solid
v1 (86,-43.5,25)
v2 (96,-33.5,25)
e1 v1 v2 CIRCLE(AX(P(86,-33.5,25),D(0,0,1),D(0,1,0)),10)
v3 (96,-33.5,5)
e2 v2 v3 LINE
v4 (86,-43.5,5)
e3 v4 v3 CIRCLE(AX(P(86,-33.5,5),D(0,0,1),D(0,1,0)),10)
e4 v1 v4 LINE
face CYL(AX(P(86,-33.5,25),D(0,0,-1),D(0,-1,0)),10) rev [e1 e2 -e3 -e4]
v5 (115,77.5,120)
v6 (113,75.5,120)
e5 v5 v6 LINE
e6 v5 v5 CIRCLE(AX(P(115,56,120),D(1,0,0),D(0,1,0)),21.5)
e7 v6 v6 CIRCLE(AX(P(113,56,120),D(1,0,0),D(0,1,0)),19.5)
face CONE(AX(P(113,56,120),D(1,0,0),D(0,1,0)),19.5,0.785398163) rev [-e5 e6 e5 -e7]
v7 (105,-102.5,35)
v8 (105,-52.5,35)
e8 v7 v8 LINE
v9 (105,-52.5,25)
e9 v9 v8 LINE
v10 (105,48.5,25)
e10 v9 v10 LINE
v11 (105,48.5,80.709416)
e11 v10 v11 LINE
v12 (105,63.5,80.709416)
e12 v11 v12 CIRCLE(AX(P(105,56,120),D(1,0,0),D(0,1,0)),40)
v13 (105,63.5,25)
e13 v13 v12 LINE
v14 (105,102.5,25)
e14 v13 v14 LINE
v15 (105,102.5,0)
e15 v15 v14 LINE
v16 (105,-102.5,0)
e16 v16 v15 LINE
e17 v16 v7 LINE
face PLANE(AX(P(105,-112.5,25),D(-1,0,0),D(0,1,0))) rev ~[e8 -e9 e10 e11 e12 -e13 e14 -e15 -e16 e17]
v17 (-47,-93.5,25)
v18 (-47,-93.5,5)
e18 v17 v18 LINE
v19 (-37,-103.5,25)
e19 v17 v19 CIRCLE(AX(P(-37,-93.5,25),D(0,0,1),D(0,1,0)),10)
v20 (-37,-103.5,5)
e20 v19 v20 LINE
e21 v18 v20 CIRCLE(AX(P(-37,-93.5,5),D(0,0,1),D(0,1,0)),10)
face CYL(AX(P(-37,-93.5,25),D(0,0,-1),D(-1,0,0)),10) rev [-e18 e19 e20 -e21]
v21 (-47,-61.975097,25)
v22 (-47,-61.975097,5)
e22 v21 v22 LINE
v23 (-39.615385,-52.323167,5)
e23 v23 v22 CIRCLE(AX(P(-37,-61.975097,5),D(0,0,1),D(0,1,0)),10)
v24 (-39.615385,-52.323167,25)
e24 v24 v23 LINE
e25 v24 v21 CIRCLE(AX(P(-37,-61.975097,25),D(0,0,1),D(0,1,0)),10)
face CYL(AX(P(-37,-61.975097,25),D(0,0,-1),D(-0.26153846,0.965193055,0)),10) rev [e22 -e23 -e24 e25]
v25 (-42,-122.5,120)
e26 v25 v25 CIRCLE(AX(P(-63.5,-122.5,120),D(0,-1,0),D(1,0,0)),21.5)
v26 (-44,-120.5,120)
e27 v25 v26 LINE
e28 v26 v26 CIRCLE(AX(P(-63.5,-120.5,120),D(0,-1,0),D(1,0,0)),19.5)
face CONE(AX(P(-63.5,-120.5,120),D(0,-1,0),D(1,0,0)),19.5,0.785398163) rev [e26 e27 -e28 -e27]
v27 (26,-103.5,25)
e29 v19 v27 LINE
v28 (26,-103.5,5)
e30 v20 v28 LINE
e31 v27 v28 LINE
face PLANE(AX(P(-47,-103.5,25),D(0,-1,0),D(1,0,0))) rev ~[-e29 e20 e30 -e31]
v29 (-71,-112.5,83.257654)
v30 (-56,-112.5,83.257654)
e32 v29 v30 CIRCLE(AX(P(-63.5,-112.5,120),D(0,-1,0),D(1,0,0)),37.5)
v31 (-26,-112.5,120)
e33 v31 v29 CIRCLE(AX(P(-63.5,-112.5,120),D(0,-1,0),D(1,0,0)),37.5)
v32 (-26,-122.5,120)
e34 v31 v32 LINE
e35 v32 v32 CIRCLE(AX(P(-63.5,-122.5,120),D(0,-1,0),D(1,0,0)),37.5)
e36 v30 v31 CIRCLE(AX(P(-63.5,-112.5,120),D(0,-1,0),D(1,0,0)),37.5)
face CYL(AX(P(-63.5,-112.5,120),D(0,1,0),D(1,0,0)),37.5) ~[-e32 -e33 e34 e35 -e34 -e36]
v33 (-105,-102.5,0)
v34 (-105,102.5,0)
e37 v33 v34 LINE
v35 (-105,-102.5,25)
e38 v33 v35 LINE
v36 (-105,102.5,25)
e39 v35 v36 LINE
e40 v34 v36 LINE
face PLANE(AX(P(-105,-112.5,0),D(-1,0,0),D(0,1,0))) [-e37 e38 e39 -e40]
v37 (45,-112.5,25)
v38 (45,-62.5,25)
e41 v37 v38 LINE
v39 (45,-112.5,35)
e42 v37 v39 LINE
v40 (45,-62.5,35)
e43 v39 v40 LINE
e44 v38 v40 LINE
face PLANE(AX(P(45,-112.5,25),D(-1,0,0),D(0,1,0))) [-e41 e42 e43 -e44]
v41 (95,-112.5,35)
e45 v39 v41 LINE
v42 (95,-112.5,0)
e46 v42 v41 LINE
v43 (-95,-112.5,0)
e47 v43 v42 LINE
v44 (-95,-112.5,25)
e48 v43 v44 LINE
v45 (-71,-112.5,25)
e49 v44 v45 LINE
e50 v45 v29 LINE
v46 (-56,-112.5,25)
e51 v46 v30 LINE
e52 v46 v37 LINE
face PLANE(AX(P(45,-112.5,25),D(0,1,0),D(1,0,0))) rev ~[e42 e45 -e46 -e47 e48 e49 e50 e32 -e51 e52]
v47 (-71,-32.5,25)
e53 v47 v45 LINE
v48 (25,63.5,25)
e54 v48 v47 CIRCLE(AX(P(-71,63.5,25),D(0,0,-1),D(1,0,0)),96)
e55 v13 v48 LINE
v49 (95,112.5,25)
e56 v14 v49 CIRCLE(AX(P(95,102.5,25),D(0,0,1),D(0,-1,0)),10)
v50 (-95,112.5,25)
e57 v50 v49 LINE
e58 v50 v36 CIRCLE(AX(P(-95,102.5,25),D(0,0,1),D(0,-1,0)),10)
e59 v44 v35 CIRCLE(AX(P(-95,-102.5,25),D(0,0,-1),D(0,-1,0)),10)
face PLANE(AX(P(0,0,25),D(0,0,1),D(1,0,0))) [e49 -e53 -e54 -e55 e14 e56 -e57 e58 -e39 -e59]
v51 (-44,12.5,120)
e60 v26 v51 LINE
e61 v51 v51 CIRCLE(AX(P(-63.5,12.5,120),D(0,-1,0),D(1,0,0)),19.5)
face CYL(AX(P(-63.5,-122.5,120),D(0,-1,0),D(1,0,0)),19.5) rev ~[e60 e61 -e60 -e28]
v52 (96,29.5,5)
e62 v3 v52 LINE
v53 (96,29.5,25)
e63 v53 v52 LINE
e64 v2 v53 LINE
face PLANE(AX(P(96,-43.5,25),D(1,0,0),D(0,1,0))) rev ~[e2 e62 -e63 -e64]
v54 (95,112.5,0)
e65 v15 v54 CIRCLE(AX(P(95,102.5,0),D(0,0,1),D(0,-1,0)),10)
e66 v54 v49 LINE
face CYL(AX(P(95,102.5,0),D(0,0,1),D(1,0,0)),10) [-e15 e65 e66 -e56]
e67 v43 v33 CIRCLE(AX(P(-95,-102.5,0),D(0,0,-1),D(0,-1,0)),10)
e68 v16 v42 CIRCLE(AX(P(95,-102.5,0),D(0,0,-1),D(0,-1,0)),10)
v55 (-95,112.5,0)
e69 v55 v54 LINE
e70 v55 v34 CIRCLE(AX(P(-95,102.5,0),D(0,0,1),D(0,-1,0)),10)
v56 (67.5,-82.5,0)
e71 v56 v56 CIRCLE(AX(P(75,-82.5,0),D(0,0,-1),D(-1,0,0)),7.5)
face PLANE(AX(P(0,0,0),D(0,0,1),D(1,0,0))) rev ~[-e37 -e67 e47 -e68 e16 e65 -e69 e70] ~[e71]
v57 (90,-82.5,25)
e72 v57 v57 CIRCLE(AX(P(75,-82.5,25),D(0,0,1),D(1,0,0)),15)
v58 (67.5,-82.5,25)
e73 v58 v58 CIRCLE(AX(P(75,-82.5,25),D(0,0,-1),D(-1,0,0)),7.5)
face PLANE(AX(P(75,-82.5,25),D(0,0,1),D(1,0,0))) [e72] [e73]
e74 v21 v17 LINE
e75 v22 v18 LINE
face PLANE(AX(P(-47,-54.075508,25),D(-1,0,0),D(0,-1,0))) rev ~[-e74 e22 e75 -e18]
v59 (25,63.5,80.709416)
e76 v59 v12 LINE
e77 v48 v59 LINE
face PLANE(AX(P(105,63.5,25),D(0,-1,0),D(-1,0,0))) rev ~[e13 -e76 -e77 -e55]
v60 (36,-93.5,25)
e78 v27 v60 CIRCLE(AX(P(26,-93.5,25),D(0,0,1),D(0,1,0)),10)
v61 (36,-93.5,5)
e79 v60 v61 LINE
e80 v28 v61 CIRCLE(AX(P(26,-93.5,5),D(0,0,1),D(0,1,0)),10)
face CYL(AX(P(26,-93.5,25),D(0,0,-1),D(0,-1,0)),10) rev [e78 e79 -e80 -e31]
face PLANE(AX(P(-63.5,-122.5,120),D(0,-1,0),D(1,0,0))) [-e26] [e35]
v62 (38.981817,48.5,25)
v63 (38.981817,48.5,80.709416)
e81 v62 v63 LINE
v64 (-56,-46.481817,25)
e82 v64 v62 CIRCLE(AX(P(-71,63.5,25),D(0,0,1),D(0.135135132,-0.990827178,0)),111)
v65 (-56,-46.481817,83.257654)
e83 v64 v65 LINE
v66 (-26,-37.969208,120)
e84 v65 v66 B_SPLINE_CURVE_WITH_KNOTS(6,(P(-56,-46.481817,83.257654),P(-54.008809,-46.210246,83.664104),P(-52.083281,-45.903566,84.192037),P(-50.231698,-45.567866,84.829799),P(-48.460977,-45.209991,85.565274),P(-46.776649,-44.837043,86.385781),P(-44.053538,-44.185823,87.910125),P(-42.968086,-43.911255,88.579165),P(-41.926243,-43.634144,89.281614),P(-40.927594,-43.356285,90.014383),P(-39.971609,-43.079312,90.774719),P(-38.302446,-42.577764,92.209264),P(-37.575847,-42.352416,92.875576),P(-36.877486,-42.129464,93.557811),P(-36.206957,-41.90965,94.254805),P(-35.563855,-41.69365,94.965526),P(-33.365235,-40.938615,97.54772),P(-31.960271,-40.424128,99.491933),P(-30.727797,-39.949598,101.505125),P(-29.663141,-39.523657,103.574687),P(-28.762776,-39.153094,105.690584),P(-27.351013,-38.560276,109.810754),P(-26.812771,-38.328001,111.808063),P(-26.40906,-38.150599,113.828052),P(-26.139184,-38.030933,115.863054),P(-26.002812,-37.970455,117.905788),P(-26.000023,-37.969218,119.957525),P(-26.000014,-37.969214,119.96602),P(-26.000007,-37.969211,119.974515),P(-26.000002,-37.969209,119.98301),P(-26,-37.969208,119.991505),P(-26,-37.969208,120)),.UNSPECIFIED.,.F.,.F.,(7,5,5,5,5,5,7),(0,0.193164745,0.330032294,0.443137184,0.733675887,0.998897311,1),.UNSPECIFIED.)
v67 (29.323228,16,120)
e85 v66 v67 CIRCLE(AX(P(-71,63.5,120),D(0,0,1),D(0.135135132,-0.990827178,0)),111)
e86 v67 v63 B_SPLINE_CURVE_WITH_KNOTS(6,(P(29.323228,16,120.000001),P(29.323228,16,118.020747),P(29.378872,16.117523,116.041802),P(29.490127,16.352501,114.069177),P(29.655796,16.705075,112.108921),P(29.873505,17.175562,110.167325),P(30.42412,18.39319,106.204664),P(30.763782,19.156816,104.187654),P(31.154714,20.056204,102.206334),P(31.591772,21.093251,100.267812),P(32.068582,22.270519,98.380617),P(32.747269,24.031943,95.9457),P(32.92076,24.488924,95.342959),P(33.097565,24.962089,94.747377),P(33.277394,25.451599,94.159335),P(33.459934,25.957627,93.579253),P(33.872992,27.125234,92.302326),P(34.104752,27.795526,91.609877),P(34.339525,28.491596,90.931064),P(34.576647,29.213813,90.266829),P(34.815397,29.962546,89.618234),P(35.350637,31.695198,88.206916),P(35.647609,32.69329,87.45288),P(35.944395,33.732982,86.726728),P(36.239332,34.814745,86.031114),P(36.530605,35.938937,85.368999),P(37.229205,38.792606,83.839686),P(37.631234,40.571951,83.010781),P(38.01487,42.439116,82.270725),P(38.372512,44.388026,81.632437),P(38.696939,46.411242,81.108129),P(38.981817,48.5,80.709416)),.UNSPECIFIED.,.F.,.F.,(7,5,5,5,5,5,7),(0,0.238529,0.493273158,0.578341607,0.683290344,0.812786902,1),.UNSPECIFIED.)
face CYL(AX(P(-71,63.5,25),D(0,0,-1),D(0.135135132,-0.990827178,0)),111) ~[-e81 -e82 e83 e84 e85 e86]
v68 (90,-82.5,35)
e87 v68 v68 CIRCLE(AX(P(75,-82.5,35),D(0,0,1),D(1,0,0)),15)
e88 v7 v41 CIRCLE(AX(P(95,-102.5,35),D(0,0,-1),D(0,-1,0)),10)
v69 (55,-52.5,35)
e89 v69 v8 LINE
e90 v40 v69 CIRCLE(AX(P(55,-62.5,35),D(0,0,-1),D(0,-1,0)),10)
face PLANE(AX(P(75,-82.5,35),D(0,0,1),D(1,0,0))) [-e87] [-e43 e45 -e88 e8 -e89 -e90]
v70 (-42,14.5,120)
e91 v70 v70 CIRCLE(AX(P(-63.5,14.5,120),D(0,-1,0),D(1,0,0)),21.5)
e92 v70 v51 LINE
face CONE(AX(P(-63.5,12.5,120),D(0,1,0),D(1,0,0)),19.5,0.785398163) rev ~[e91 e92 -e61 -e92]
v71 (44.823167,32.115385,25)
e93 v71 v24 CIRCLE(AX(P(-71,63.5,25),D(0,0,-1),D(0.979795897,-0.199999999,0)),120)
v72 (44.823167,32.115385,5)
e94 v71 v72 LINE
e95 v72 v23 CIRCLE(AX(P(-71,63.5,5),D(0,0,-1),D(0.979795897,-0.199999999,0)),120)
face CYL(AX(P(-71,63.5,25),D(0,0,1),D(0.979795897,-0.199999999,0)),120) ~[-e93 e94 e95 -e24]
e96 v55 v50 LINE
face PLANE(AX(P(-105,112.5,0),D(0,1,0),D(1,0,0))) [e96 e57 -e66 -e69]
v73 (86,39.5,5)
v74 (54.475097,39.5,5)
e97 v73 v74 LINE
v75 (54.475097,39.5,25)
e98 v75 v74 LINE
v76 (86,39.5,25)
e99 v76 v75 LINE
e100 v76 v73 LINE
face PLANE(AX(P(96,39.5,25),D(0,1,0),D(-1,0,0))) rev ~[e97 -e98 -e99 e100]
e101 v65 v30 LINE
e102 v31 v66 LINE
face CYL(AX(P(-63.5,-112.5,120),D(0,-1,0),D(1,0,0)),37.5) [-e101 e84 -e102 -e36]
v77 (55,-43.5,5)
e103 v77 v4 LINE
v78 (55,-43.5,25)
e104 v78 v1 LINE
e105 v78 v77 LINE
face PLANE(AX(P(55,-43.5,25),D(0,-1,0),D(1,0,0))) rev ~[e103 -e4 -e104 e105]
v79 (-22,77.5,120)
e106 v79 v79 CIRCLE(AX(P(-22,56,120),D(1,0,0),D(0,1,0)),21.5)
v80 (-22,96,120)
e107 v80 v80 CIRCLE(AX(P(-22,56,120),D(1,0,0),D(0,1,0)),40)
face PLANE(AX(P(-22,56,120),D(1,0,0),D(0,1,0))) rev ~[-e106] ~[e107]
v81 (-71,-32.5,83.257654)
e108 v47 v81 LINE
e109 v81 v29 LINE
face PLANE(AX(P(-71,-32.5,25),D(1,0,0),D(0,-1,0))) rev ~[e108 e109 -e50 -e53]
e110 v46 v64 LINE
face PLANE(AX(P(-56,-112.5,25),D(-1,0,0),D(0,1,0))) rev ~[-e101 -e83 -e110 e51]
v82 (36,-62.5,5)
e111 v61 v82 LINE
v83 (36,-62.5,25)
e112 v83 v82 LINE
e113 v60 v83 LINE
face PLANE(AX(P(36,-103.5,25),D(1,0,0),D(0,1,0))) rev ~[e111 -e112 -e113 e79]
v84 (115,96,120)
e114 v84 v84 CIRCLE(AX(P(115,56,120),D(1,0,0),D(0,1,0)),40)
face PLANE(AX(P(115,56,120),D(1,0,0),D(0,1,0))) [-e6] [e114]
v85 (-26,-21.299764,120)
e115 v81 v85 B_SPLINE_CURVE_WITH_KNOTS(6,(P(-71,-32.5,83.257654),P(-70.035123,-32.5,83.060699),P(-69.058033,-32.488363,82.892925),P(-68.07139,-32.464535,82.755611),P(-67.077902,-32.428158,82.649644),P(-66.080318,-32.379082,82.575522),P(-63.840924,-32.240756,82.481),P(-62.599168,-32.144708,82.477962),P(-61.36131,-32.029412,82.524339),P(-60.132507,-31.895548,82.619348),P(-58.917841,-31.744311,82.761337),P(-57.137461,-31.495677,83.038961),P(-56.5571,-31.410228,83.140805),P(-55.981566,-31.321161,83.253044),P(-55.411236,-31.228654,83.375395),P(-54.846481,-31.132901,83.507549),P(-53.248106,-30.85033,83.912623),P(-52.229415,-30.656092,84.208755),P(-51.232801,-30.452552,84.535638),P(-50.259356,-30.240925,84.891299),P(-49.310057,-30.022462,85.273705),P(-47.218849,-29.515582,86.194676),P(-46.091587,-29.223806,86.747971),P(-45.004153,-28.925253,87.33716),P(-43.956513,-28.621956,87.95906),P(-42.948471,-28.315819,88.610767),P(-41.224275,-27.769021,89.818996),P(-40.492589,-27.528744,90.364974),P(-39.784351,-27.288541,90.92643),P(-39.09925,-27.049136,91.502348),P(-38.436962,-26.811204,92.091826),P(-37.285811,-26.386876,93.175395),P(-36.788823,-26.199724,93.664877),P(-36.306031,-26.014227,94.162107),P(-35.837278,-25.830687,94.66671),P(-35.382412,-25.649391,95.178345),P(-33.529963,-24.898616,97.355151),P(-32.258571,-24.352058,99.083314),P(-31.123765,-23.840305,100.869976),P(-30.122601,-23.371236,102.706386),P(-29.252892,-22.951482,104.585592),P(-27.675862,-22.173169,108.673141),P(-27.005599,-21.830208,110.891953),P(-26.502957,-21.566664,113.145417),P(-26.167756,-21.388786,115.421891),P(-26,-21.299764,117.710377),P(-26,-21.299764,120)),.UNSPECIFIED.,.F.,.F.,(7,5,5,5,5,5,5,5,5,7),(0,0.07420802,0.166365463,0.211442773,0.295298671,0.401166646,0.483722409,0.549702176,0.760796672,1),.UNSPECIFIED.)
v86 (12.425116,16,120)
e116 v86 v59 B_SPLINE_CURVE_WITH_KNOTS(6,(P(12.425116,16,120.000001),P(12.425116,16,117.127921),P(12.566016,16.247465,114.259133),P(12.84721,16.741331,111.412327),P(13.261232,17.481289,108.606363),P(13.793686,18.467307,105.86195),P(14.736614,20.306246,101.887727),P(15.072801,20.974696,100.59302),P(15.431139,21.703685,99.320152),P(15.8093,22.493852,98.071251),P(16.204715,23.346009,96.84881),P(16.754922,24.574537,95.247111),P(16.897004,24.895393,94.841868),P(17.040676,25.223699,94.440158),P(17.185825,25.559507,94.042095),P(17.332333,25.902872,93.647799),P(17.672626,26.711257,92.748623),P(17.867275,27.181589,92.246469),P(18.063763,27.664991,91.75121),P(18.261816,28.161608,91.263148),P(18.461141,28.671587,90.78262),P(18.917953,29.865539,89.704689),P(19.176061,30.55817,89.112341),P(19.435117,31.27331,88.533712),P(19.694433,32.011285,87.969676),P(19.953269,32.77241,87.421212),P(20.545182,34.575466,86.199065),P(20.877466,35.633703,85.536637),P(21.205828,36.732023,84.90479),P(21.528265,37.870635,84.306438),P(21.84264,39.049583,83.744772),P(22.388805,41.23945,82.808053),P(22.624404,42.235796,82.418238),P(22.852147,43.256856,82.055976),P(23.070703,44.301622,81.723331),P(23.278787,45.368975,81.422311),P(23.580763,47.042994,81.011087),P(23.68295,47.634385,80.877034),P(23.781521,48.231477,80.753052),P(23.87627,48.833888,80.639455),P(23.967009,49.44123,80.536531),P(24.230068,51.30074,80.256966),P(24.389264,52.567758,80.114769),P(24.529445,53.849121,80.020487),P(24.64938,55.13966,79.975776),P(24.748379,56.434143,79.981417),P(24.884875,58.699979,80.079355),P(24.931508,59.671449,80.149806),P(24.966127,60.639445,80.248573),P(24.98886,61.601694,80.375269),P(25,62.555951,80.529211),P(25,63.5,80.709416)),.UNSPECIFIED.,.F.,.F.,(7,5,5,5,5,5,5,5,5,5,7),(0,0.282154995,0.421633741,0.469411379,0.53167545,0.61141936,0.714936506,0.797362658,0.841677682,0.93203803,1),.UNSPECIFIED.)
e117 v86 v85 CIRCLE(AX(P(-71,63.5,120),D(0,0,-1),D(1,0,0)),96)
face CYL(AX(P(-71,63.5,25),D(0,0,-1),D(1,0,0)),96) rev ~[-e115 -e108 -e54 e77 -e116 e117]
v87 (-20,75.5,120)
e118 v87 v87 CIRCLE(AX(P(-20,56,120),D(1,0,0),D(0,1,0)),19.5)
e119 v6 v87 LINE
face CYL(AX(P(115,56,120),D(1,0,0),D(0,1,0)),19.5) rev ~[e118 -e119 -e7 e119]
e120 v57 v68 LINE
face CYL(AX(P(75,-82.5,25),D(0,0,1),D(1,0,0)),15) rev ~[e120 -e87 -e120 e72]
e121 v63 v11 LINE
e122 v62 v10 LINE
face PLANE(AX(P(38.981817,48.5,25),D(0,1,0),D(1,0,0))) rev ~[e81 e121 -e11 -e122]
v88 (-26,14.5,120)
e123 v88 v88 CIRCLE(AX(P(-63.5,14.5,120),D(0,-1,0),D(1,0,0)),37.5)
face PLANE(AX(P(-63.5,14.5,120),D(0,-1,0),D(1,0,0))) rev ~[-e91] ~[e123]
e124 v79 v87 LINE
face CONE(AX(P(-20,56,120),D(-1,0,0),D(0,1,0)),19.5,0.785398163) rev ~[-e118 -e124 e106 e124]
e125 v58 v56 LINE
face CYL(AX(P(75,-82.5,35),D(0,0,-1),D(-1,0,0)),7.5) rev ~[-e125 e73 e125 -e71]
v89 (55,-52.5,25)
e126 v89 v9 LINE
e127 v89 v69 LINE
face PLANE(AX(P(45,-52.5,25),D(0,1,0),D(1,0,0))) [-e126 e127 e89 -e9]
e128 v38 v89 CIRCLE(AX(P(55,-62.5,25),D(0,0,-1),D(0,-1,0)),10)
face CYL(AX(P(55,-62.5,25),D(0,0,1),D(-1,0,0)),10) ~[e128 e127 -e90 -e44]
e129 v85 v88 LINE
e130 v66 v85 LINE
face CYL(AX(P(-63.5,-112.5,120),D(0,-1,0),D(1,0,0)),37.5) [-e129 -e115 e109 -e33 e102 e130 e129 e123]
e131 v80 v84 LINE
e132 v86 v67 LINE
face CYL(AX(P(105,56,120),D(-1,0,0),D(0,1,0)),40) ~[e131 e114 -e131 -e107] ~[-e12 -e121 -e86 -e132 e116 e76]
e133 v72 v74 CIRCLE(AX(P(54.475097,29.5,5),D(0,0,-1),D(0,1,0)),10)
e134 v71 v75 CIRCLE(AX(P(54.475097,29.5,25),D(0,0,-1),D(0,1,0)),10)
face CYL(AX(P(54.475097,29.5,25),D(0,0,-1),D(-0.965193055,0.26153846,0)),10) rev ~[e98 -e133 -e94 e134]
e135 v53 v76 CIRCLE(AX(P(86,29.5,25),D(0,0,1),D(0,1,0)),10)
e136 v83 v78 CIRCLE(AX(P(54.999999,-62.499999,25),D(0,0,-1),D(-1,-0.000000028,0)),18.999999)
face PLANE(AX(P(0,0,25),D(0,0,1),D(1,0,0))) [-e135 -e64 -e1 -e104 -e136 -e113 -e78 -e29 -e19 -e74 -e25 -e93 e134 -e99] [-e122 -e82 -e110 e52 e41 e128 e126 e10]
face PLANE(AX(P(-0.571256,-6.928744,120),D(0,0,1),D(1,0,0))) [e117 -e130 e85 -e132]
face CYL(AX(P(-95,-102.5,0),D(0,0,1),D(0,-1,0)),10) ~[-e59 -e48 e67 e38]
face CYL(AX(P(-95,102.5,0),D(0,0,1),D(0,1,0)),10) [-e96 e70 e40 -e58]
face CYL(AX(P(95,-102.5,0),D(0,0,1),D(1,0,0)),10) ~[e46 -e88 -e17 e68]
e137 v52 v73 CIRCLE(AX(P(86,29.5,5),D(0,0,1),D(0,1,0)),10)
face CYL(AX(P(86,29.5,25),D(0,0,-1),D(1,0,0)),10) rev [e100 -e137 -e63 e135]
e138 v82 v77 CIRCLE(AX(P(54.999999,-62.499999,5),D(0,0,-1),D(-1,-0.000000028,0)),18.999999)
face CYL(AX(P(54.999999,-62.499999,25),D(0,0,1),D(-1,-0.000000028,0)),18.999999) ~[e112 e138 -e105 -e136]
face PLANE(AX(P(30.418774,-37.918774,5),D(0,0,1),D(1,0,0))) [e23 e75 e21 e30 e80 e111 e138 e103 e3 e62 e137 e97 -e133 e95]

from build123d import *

# Parameters (mm, degrees)
F0_W            = 210
F0_H            = 225
F1_DEPTH        = 25
F3_DEPTH        = 95
F4_R            = 37.5
F5_DEPTH        = 10
F5_DEPTH_BACK   = 127
F6_R            = 40
F7_DEPTH        = 10
F7_DEPTH_BACK   = 127
F8_W            = 60
F8_H            = 60
F9_DEPTH        = 10
F10_R           = 10
F12_DEPTH       = 20
F14_D           = 15
F14_CBORE_D     = 30
F14_CBORE_DEPTH = 10
F15_R           = 10
F16_R           = 19.5
F17_DEPTH       = 235.001
F18_R           = 19.5
F19_DEPTH       = 220.001
F20_SIZE        = 2
F21_R           = 10


with BuildPart() as f1:
    # F0 (on Top) → F1 (new body)
    with BuildSketch(Plane.XY):
        Rectangle(F0_W, F0_H)
    extrude(amount=F1_DEPTH)

    # F2 (on face) → F3 (join)
    with BuildSketch(Plane.XY.offset(25)):
        with BuildLine():
            Line((-71, -32.5), (-71, -112.5))
            Line((-71, -112.5), (-56, -112.5))
            Line((-56, -112.5), (-56, -46.481817))
            ThreePointArc((-56, -46.481817), (7.488853, -14.988853), (38.981817, 48.5))
            Line((38.981817, 48.5), (105, 48.5))
            Line((105, 48.5), (105, 63.5))
            Line((105, 63.5), (25, 63.5))
            ThreePointArc((25, 63.5), (-3.117749, -4.382251), (-71, -32.5))
        make_face()
    extrude(amount=F3_DEPTH)

    # F4 (on face) → F5 (join, two sides)
    with BuildSketch(Plane.XZ.offset(112.5)) as f5_sk:
        with Locations((-63.5, 120)):
            Circle(F4_R)
    extrude(amount=F5_DEPTH)
    extrude(f5_sk.sketch, amount=-F5_DEPTH_BACK)

    # F6 (on face) → F7 (join, two sides)
    with BuildSketch(Plane.YZ.offset(105)) as f7_sk:
        with Locations((56, 120)):
            Circle(F6_R)
    extrude(amount=F7_DEPTH)
    extrude(f7_sk.sketch, amount=-F7_DEPTH_BACK)

    # F8 (on face) → F9 (join)
    with BuildSketch(Plane.XY.offset(25)):
        with Locations((75, -82.5)):
            Rectangle(F8_W, F8_H)
    extrude(amount=F9_DEPTH)

    # F10
    f10_edges = [f1.edges().sort_by_distance(p)[0] for p in [
        (45, -52.5, 30),
    ]]
    fillet(f10_edges, radius=F10_R)

    # F11 (on face) → F12 (cut)
    with BuildSketch(Plane.XY.offset(25)):
        with BuildLine():
            ThreePointArc((46.575508, 39.5), (13.852814, -21.352814), (-47, -54.075508))
            Line((-47, -54.075508), (-47, -103.5))
            Line((-47, -103.5), (36, -103.5))
            Line((36, -103.5), (36, -62.5))
            ThreePointArc((36, -62.5), (41.564971, -49.064971), (55, -43.5))
            Line((55, -43.5), (96, -43.5))
            Line((96, -43.5), (96, 39.5))
            Line((96, 39.5), (46.575508, 39.5))
        make_face()
    extrude(amount=-F12_DEPTH, mode=Mode.SUBTRACT)

    # F14 (through all)
    with Locations(Plane.XY.offset(35)):
        with Locations((75, -82.5)):
            CounterBoreHole(F14_D / 2, F14_CBORE_D / 2, F14_CBORE_DEPTH)

    # F15
    f15_edges = [f1.edges().sort_by_distance(p)[0] for p in [
        (46.575508, 39.5, 15),
        (-47, -54.075508, 15),
        (-47, -103.5, 15),
        (96, 39.5, 15),
        (36, -103.5, 15),
        (96, -43.5, 15),
    ]]
    fillet(f15_edges, radius=F15_R)

    # F16 (on face) → F17 (cut, through all)
    with BuildSketch(Plane.XZ.offset(122.5)):
        with Locations((-63.5, 120)):
            Circle(F16_R)
    extrude(amount=-F17_DEPTH, mode=Mode.SUBTRACT)

    # F18 (on face) → F19 (cut, through all)
    with BuildSketch(Plane.YZ.offset(115)):
        with Locations((56, 120)):
            Circle(F18_R)
    extrude(amount=-F19_DEPTH, mode=Mode.SUBTRACT)

    # F20
    f20_edges = [f1.edges().sort_by_distance(p)[0] for p in [
        (-83, -122.5, 120),
        (115, 36.5, 120),
        (-83, 14.5, 120),
        (-22, 36.5, 120),
    ]]
    chamfer(f20_edges, length=F20_SIZE)

    # F21
    f21_edges = [f1.edges().sort_by_distance(p)[0] for p in [
        (105, -112.5, 17.5),
        (105, 112.5, 12.5),
        (-105, 112.5, 12.5),
        (-105, -112.5, 12.5),
    ]]
    fillet(f21_edges, radius=F21_R)


solid = f1.part
